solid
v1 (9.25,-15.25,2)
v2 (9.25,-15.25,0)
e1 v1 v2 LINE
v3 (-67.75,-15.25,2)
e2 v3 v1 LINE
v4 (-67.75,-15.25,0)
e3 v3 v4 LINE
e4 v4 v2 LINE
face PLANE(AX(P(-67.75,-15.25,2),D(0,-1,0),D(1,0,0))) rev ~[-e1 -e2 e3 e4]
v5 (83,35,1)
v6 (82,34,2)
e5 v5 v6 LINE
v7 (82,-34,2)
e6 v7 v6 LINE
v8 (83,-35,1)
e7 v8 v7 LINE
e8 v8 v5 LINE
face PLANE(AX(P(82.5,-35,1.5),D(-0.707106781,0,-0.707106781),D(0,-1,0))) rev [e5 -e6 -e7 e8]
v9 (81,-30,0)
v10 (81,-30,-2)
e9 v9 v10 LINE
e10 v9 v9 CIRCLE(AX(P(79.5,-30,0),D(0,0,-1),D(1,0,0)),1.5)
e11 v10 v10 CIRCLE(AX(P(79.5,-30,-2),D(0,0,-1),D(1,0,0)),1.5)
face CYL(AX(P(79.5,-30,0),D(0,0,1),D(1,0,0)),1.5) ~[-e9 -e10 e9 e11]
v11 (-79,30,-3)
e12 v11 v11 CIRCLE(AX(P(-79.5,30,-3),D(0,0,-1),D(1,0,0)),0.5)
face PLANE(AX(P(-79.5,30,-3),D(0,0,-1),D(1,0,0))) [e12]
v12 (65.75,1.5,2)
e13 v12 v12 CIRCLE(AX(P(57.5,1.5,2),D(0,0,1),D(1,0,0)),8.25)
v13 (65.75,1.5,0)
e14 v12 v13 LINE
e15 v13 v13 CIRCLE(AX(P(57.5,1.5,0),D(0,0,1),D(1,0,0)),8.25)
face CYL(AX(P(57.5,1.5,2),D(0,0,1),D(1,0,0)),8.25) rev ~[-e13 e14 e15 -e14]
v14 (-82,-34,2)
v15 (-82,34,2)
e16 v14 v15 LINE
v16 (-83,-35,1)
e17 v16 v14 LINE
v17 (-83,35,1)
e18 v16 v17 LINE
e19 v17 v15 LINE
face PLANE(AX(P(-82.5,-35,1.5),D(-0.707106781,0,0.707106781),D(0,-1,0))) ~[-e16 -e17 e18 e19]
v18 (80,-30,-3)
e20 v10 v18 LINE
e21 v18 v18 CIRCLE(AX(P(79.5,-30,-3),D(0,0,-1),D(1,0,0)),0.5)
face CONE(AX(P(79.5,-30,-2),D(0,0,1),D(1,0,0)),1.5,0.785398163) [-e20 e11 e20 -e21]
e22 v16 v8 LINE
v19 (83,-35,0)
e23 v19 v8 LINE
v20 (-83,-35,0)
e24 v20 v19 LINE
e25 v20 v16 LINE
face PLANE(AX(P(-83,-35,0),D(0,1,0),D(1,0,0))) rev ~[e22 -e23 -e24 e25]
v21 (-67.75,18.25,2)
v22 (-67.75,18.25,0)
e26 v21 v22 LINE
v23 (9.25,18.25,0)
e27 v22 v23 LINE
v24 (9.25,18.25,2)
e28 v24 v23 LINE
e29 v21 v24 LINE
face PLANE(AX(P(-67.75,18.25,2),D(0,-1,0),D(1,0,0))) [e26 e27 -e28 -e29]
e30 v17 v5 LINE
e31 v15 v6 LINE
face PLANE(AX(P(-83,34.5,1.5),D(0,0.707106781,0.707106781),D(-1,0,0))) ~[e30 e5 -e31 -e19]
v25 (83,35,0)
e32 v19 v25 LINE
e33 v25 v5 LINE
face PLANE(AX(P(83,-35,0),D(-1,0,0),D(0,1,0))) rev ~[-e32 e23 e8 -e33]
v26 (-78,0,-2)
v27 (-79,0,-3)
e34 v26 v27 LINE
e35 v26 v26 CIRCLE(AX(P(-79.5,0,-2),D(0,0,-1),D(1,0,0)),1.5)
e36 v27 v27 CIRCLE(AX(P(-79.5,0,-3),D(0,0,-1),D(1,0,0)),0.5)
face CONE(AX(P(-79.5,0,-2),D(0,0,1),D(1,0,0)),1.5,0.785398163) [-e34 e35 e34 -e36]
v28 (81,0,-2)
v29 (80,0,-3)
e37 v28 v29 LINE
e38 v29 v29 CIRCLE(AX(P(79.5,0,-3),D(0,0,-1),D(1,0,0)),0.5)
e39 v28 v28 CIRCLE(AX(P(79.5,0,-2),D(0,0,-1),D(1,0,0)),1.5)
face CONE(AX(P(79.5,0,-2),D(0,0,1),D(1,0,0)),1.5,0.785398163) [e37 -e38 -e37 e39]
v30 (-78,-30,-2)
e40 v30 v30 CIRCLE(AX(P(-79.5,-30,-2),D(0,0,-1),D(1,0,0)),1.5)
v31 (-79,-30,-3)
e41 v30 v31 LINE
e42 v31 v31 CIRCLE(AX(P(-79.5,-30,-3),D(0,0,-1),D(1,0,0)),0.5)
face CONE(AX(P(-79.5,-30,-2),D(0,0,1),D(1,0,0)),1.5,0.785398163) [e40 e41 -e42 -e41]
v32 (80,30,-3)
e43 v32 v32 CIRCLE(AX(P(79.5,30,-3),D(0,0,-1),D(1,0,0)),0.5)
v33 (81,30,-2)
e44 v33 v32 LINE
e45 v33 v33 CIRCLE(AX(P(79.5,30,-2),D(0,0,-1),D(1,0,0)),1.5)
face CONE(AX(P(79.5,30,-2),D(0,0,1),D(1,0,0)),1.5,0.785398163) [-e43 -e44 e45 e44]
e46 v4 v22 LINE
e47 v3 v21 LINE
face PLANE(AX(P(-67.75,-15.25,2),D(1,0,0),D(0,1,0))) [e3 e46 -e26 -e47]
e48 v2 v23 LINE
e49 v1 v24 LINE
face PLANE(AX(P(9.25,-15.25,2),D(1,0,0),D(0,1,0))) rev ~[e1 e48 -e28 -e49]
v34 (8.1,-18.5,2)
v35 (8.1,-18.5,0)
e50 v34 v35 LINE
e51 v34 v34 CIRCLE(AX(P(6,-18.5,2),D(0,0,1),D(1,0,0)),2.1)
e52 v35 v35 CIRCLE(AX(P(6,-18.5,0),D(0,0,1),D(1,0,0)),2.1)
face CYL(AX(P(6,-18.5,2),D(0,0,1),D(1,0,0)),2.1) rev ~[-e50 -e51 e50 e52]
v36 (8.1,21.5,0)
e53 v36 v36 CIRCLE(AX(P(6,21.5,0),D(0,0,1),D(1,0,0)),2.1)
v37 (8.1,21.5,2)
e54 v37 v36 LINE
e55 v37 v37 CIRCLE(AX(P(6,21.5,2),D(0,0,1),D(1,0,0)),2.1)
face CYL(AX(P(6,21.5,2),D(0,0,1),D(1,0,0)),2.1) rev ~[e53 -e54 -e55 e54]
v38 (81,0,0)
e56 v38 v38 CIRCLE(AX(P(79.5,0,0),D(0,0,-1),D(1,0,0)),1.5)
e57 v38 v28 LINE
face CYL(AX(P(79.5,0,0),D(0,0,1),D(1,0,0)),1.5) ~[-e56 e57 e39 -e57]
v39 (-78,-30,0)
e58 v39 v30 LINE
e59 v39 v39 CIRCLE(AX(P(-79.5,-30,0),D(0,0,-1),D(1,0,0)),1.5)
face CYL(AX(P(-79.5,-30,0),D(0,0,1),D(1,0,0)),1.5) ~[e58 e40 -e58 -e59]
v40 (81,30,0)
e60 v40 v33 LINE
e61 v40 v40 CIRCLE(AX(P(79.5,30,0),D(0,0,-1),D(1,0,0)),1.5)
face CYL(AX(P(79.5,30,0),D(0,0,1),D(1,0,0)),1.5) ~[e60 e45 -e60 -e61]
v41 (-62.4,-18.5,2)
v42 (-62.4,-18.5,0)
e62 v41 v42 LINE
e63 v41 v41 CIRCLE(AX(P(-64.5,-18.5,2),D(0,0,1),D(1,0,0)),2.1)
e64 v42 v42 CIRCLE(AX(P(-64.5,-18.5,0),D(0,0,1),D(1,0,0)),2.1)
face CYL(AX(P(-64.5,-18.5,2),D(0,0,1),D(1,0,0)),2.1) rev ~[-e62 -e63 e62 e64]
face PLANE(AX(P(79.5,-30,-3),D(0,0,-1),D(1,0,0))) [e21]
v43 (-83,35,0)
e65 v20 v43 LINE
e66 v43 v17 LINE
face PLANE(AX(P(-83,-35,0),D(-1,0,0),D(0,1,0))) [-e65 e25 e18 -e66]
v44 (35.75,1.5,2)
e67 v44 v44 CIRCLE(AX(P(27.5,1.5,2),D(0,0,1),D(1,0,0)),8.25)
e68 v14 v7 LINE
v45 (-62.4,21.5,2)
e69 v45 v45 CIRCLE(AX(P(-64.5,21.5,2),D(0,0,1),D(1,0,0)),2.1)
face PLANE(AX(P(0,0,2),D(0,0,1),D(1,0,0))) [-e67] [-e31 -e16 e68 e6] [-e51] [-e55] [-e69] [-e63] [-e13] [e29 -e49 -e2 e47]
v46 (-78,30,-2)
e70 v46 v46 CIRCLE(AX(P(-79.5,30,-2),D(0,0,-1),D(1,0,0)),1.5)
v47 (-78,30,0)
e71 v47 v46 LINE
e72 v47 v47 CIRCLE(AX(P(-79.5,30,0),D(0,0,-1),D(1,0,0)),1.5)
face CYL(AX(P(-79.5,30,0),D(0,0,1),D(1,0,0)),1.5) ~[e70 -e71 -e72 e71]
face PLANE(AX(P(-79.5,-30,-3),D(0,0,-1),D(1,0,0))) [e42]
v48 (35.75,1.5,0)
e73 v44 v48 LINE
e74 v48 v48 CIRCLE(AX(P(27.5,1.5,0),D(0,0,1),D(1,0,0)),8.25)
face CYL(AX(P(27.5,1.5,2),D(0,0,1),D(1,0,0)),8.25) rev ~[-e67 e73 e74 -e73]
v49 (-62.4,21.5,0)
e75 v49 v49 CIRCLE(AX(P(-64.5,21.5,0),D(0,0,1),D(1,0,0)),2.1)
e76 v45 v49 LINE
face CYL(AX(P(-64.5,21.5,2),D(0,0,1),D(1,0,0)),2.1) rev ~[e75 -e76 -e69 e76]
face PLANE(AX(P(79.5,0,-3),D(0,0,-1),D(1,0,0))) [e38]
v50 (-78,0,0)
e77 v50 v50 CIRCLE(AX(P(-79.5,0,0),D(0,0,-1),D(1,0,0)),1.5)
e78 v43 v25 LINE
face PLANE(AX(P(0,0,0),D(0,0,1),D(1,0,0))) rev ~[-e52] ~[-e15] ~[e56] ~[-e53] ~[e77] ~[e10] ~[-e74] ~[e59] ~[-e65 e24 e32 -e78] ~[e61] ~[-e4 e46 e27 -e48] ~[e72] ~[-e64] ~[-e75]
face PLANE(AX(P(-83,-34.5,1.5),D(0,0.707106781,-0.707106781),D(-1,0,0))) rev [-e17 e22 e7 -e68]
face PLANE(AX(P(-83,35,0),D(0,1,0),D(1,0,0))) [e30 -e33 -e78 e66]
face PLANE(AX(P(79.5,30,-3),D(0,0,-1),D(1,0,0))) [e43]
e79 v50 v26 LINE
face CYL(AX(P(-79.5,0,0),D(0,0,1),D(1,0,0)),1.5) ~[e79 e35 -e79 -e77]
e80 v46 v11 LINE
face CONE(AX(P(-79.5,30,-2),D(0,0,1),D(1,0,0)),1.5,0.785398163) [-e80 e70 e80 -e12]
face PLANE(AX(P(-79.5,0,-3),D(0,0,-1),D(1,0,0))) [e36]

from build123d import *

# Parameters (mm, degrees)
F0_W     = 166
F0_H     = 70
F1_DEPTH = 2
F2_W     = 77
F2_H     = 33.5
F2_R     = 2.1
F2_R_2   = 8.25
F3_DEPTH = 2
F4_R     = 1.5
F5_DEPTH = 3
F6_SIZE  = 1
F7_SIZE  = 1


with BuildPart() as f1:
    # F0 (on Top) → F1 (new body)
    with BuildSketch(Plane.XY):
        Rectangle(F0_W, F0_H)
    extrude(amount=F1_DEPTH)

    # F2 (on face) → F3 (cut, through all)
    with BuildSketch(Plane.XY.offset(2)):
        with Locations((-29.25, 1.5)):
            Rectangle(F2_W, F2_H)
        with Locations((-64.5, 21.5)):
            Circle(F2_R)
        with Locations((6, 21.5)):
            Circle(F2_R)
        with Locations((6, -18.5)):
            Circle(F2_R)
        with Locations((-64.5, -18.5)):
            Circle(F2_R)
        with Locations((27.5, 1.5)):
            Circle(F2_R_2)
        with Locations((57.5, 1.5)):
            Circle(F2_R_2)
    extrude(amount=-F3_DEPTH, mode=Mode.SUBTRACT)

    # F4 (on face) → F5 (join)
    with BuildSketch(Plane(origin=(0, 0, 0), x_dir=(1, 0, 0), z_dir=(0, 0, -1))):
        with Locations((-79.5, 30)):
            Circle(F4_R)
        with Locations((-79.5, -30)):
            Circle(F4_R)
        with Locations((-79.5, 0)):
            Circle(F4_R)
        with Locations((79.5, -30)):
            Circle(F4_R)
        with Locations((79.5, 30)):
            Circle(F4_R)
        with Locations((79.5, 0)):
            Circle(F4_R)
    extrude(amount=F5_DEPTH)

    # F6
    f6_edges = [f1.edges().sort_by_distance(p)[0] for p in [
        (-81, -30, -3),
        (-81, 0, -3),
        (-81, 30, -3),
        (78, 30, -3),
        (78, 0, -3),
        (78, -30, -3),
    ]]
    chamfer(f6_edges, length=F6_SIZE)

    # F7
    f7_edges = [f1.edges().sort_by_distance(p)[0] for p in [
        (83, 0, 2),
        (0, -35, 2),
        (-83, 0, 2),
        (0, 35, 2),
    ]]
    chamfer(f7_edges, length=F7_SIZE)


solid = f1.part
